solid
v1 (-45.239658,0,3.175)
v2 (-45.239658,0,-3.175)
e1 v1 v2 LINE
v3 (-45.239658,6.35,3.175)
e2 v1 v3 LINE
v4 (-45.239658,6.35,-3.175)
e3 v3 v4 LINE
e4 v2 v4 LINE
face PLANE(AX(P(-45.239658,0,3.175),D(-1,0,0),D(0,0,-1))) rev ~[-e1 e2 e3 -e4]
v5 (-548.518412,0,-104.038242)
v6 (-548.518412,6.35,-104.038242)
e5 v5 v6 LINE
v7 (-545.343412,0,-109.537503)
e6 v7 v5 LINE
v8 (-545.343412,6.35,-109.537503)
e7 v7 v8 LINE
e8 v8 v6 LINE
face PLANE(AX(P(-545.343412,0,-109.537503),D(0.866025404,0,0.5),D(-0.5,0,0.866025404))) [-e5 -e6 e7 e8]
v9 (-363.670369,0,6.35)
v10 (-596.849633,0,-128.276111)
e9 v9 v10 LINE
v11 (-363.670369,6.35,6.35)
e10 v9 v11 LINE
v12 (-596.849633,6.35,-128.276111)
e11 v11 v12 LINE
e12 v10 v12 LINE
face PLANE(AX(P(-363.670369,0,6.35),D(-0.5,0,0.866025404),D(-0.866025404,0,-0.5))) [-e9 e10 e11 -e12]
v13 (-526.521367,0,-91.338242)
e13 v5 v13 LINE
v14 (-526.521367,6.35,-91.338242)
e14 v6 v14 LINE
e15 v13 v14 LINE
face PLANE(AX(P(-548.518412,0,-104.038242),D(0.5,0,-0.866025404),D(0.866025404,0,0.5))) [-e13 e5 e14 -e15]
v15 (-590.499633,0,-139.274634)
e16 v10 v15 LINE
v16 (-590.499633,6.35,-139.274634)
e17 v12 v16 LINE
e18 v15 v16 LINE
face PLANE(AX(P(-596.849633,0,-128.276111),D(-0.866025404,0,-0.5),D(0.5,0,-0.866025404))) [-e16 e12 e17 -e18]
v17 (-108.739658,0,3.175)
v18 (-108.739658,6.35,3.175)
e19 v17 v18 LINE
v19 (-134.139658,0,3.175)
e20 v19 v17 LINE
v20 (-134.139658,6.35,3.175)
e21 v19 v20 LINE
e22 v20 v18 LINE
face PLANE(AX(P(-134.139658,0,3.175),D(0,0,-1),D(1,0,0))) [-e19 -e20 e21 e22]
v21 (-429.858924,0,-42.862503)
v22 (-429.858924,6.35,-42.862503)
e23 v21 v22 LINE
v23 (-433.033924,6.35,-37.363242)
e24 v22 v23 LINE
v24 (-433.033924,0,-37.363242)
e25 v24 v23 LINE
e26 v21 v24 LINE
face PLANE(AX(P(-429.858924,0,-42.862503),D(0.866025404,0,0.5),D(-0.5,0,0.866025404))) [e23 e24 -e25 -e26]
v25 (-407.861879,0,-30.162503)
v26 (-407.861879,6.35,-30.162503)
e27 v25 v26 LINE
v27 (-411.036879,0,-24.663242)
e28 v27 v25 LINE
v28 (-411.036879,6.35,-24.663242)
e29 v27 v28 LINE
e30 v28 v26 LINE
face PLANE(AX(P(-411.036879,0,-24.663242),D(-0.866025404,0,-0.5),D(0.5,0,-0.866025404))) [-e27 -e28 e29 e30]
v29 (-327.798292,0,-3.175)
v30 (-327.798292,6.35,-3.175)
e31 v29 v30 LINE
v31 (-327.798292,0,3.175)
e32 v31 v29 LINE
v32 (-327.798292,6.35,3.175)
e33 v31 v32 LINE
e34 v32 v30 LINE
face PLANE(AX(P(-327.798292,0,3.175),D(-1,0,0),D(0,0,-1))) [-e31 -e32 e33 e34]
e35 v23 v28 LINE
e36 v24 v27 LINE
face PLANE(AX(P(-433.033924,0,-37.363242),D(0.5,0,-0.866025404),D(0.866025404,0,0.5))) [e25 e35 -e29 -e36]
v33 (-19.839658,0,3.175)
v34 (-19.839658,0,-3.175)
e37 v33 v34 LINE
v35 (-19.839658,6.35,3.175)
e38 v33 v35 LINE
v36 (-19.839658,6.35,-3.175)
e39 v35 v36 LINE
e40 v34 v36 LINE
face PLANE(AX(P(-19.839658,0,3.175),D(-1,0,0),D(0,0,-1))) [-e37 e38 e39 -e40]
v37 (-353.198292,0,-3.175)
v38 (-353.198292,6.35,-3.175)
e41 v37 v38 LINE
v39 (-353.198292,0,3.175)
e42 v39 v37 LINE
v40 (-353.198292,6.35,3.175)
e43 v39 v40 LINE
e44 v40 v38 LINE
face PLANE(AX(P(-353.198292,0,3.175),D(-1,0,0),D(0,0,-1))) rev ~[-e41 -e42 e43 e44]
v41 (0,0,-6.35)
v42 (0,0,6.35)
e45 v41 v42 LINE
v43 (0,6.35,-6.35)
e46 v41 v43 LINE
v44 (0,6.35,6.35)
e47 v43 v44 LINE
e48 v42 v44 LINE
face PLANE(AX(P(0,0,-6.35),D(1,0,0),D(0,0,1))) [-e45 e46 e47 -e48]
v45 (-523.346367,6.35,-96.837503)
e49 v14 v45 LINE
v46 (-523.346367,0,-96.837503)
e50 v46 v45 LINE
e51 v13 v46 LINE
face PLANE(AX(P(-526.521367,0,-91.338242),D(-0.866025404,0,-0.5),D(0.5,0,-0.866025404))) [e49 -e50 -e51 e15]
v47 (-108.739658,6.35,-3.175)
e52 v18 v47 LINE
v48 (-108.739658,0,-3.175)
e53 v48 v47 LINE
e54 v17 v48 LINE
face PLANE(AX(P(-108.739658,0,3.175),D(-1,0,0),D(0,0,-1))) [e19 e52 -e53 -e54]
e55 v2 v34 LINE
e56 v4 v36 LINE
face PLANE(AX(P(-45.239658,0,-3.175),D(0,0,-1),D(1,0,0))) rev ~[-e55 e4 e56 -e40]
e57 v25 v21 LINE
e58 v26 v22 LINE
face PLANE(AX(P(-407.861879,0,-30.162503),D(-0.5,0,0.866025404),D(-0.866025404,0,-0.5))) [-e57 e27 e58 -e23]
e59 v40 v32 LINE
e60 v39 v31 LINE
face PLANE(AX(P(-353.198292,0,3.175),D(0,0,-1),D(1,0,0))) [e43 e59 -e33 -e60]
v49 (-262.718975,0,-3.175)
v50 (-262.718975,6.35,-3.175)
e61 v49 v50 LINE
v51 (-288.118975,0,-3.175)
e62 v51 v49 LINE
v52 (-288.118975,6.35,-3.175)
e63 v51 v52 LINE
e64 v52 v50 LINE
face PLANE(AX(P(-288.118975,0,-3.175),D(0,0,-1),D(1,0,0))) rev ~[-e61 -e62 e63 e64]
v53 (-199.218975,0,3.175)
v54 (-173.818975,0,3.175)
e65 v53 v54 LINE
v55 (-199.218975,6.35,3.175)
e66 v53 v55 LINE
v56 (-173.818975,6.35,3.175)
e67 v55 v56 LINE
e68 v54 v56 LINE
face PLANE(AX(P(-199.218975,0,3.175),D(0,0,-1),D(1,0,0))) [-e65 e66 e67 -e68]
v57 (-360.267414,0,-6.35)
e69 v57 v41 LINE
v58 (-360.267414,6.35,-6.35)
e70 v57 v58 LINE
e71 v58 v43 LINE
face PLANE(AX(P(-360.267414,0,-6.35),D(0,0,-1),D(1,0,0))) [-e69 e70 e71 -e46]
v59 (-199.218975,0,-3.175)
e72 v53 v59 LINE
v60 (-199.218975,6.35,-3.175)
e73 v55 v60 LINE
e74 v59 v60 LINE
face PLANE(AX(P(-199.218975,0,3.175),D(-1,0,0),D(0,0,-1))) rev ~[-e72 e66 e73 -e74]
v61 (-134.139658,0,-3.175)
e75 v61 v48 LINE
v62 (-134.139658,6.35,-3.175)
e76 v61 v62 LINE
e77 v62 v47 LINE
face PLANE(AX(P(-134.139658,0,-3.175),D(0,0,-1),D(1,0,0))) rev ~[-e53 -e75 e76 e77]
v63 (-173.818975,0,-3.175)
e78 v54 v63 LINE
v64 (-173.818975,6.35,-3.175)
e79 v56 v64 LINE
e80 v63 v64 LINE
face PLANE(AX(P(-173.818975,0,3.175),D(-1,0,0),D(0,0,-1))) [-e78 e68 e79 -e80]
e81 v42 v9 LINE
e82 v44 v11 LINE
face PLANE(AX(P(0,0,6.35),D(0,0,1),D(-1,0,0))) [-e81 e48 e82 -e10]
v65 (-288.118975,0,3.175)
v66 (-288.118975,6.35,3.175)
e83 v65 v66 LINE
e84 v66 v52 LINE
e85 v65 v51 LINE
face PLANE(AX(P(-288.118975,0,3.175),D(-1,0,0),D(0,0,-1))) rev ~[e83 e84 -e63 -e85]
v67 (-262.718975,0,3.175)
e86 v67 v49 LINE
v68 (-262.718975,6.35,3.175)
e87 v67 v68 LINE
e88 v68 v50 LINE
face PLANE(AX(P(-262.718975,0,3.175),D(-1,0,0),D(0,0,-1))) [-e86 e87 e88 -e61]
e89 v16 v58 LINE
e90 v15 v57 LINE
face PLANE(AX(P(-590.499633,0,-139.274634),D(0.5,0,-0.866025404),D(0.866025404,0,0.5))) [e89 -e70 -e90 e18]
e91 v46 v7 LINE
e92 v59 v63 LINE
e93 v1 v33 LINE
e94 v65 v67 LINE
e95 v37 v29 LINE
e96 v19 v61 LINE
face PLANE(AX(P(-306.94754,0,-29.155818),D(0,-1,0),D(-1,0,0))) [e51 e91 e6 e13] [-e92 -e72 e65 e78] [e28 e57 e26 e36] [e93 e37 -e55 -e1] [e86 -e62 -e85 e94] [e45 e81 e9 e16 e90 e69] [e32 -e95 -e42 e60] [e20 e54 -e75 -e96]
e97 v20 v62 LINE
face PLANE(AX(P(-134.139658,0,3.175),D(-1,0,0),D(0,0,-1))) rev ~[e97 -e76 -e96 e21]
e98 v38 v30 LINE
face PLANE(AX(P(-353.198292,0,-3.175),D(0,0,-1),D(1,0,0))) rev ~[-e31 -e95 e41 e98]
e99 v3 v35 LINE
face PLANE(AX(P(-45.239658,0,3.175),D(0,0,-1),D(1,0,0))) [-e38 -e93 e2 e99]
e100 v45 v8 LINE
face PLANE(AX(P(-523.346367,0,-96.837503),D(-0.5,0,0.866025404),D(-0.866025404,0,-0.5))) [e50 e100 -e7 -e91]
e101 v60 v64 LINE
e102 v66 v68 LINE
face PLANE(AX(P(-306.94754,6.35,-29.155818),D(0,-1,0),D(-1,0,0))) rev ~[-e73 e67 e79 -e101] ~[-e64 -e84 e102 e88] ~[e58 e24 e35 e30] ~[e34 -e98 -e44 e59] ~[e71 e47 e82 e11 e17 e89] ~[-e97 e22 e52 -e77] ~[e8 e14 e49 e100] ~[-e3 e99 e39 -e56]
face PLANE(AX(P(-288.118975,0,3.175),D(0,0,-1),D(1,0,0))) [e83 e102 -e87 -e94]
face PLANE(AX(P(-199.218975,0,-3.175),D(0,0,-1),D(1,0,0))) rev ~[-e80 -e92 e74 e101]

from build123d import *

# Parameters (mm, degrees)
SKETCH4_W           = 25.4
SKETCH4_H           = 6.35
BOSS_EXTRUDE2_DEPTH = 6.35


with BuildPart() as part:
    # Sketch4 → Boss-Extrude2 (new body)
    with BuildSketch(Plane(origin=(0, 0, 0), x_dir=(1, 0, 0), z_dir=(0, 1, 0))):
        Polygon((-596.849633079, 128.276111157), (-590.499633079, 139.274633785), (-360.267413785, 6.35), (0, 6.35), (0, -6.35), (-363.670368529, -6.35), align=None)
        Polygon((-548.51841191, 104.038241814), (-526.521366654, 91.338241814), (-523.346366654, 96.837503128), (-545.34341191, 109.537503128), align=None, mode=Mode.SUBTRACT)
        Polygon((-433.033924315, 37.363241814), (-411.036879059, 24.663241814), (-407.861879059, 30.162503128), (-429.858924315, 42.862503128), align=None, mode=Mode.SUBTRACT)
        with Locations((-340.498292116, 0)):
            Rectangle(SKETCH4_W, SKETCH4_H, mode=Mode.SUBTRACT)
        with Locations((-275.418975234, 0)):
            Rectangle(SKETCH4_W, SKETCH4_H, mode=Mode.SUBTRACT)
        with Locations((-186.518975234, 0)):
            Rectangle(SKETCH4_W, SKETCH4_H, mode=Mode.SUBTRACT)
        with Locations((-121.439658352, 0)):
            Rectangle(SKETCH4_W, SKETCH4_H, mode=Mode.SUBTRACT)
        with Locations((-32.539658352, 0)):
            Rectangle(SKETCH4_W, SKETCH4_H, mode=Mode.SUBTRACT)
    extrude(amount=BOSS_EXTRUDE2_DEPTH)


solid = part.part
